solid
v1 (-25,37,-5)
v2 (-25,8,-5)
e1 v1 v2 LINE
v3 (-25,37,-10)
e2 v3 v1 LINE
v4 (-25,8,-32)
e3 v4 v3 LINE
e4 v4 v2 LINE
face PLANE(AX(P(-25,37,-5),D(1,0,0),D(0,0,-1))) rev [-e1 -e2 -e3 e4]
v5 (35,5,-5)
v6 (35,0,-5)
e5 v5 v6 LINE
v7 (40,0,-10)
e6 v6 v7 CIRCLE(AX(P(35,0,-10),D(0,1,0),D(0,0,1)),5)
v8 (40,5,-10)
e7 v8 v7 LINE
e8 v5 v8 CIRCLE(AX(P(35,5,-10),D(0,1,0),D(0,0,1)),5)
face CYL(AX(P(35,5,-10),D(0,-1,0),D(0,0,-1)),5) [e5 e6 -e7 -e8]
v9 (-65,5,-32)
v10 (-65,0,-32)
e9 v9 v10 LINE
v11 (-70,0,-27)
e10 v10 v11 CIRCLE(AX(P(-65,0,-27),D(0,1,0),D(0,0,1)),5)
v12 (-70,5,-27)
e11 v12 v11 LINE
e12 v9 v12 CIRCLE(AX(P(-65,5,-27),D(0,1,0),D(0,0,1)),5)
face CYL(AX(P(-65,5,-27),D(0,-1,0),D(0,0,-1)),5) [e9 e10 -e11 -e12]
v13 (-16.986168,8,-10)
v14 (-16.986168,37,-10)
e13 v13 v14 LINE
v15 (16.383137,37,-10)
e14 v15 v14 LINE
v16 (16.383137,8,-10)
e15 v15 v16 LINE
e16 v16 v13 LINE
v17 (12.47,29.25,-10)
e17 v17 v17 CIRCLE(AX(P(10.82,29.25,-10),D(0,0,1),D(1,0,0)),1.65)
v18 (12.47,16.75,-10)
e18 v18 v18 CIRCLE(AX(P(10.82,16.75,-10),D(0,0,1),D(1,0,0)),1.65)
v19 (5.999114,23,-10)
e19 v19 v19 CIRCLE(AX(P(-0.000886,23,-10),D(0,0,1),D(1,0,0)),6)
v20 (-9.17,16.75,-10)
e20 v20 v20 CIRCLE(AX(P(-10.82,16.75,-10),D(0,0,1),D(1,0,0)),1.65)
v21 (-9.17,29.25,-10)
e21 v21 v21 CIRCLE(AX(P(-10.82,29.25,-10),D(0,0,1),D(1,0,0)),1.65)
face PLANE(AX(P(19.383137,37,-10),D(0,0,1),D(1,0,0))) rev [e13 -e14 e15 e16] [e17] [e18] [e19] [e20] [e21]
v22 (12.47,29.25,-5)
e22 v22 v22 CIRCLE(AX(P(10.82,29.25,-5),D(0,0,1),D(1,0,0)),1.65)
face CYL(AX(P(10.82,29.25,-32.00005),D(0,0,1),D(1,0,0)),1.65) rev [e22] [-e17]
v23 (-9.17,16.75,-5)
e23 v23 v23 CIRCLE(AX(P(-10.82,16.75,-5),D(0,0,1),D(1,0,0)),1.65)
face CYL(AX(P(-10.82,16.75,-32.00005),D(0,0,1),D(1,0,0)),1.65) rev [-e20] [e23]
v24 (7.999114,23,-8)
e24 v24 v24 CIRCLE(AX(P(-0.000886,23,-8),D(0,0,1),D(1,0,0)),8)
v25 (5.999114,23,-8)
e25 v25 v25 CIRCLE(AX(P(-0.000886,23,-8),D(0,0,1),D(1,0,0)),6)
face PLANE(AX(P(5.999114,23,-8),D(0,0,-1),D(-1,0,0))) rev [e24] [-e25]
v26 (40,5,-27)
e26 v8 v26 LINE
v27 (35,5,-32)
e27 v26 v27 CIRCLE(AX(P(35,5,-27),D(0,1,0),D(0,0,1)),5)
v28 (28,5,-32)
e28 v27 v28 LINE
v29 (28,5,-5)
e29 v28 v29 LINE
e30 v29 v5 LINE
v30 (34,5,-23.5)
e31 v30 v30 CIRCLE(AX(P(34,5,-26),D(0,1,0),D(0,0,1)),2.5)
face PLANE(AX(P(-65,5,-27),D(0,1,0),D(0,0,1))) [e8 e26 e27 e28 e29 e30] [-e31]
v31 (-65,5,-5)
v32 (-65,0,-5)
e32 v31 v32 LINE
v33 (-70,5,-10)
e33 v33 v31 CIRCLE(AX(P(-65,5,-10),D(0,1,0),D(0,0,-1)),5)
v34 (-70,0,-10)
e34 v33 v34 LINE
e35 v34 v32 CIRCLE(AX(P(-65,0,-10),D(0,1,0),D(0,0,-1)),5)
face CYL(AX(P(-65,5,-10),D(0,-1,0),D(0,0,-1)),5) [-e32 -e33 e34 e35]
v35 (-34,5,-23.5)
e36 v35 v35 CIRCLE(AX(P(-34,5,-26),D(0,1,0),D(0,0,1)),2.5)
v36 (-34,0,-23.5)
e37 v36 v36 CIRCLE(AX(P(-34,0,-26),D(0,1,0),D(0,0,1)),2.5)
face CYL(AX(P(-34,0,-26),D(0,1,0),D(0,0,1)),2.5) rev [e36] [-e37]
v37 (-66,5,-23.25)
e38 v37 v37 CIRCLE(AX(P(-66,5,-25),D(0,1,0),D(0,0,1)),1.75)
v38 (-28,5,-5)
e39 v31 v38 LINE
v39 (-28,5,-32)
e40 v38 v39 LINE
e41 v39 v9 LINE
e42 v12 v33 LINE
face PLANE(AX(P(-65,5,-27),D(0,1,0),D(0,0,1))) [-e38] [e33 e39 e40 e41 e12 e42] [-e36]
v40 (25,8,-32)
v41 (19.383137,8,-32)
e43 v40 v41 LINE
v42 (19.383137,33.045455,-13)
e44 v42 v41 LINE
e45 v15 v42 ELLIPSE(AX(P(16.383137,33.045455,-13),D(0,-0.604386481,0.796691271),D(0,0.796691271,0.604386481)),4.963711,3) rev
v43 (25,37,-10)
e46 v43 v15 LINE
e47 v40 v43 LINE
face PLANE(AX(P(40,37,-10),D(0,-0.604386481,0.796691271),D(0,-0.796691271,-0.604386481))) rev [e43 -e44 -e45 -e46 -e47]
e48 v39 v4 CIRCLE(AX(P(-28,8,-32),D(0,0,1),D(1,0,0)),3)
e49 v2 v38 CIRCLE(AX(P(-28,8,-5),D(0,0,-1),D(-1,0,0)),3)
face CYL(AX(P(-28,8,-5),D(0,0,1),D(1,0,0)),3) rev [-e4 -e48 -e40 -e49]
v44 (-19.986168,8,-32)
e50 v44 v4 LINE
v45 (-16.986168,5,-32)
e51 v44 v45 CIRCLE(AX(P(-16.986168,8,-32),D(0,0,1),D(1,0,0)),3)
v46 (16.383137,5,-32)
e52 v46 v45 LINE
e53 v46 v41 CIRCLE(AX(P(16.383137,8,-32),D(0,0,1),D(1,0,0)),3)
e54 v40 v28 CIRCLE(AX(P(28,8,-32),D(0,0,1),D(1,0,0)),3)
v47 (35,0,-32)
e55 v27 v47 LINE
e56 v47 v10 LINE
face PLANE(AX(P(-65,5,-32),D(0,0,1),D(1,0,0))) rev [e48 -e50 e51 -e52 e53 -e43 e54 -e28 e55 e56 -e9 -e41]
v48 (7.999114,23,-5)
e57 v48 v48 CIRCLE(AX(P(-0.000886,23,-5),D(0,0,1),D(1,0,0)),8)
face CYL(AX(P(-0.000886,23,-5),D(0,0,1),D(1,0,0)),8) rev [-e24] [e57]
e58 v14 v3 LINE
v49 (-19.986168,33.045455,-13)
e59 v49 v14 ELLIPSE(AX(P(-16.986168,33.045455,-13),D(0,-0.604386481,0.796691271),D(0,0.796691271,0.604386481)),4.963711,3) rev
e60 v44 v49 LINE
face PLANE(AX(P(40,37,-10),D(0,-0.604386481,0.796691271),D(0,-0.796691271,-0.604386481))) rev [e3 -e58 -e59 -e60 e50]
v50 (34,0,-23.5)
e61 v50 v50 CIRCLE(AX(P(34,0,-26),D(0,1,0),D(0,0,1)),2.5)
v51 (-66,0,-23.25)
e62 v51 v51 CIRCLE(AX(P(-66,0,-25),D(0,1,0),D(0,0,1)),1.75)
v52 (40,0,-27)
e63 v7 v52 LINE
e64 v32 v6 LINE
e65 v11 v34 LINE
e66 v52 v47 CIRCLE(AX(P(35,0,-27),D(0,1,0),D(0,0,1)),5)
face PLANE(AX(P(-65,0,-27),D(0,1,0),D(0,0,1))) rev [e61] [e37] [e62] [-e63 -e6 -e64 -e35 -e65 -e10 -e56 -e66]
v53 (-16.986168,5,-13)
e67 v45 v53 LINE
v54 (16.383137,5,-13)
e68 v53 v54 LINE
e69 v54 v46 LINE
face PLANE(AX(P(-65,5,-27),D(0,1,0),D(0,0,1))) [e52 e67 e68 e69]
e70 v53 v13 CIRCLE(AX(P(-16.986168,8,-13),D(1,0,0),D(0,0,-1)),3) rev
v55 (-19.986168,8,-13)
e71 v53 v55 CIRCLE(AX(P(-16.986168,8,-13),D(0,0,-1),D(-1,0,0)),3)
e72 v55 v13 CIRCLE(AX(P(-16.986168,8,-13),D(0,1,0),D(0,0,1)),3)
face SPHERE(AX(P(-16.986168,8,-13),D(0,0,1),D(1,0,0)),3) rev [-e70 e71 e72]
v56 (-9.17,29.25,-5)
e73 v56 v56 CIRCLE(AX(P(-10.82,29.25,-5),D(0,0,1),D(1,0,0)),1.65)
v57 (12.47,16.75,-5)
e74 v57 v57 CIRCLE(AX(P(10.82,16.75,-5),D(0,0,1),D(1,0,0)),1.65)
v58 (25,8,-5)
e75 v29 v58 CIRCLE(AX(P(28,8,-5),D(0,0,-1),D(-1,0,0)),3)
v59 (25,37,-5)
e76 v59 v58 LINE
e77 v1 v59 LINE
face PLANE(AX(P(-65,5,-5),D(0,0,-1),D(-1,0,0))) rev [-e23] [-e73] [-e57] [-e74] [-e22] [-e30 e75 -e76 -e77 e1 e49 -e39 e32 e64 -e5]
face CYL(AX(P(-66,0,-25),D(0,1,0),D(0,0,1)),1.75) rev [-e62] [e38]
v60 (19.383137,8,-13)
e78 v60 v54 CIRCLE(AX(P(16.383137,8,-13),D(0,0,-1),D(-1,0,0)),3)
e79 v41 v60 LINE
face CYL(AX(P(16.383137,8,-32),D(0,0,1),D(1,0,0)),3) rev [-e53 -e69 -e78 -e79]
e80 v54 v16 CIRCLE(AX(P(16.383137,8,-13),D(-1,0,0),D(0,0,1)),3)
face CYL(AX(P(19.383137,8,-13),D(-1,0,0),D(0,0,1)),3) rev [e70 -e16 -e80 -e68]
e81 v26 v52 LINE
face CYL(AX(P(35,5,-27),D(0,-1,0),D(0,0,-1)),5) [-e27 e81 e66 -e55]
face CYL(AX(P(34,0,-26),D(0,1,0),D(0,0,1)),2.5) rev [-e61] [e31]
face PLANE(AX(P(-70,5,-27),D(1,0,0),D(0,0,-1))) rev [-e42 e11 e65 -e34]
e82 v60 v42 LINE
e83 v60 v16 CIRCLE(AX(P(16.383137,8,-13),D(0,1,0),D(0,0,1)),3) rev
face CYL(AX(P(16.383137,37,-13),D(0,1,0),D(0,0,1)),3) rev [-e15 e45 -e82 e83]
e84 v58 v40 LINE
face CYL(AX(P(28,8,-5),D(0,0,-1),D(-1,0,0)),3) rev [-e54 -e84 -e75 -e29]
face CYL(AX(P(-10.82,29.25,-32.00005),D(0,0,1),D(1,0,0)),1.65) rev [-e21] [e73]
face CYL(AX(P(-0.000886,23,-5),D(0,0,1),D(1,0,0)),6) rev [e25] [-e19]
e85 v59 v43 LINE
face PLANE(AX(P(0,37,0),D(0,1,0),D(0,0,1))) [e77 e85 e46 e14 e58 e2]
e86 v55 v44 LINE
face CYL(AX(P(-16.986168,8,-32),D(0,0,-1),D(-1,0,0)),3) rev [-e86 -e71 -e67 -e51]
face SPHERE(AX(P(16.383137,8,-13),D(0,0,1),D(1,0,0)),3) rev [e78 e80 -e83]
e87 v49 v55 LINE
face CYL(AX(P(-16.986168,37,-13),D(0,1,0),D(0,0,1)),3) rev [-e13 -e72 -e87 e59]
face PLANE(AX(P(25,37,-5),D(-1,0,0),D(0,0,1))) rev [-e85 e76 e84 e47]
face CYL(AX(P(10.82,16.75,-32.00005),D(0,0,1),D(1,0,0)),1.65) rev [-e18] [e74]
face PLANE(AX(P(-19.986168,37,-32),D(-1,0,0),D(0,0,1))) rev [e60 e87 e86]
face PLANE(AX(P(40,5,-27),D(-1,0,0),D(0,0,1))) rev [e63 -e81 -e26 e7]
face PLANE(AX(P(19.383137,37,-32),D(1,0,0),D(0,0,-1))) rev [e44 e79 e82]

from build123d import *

# Parameters (mm, degrees)
EXTRUDE_1_DEPTH              = 5
SKETCH_3_R                   = 2.5
SKETCH_3_R_2                 = 1.75
CUT_EXTRUDE_2_DEPTH          = 78.129760793
EXTRUDE_2_DEPTH              = 32
SKETCH_11_R                  = 1.65
CUT_EXTRUDE_3_DEPTH          = 84.654049513
HOLE_WIZARD_M5_1_D           = 12
HOLE_WIZARD_M5_1_CBORE_D     = 16
HOLE_WIZARD_M5_1_CBORE_DEPTH = 3
FILLET_2_R                   = 3
CUT_EXTRUDE_4_DEPTH          = 82.351090958


with BuildPart() as part:
    # 草图2 → 凸台-拉伸1 (new body)
    with BuildSketch(Plane(origin=(0, 0, 0), x_dir=(1, 0, 0), z_dir=(0, 1, 0))):
        with BuildLine():
            Line((-70, 27), (-70, 10))
            ThreePointArc((-70, 10), (-68.535533906, 6.464466094), (-65, 5))
            Line((-65, 5), (35, 5))
            ThreePointArc((35, 5), (38.535533906, 6.464466094), (40, 10))
            Line((40, 10), (40, 27))
            ThreePointArc((40, 27), (38.535533906, 30.535533906), (35, 32))
            Line((35, 32), (-65, 32))
            ThreePointArc((-65, 32), (-68.535533906, 30.535533906), (-70, 27))
        make_face()
    extrude(amount=EXTRUDE_1_DEPTH)

    # 草图3 → 切除-拉伸2 (cut, through all)
    with BuildSketch(Plane(origin=(0, 5, 0), x_dir=(1, 0, 0), z_dir=(0, 1, 0))):
        with Locations(Location((-34, 26, 0), (0, 0, 270))):
            Circle(SKETCH_3_R)
        with Locations(Location((34, 26, 0), (0, 0, 270))):
            Circle(SKETCH_3_R)
        with Locations(Location((-66, 25, 0), (0, 0, 270))):
            Circle(SKETCH_3_R_2)
    extrude(amount=-CUT_EXTRUDE_2_DEPTH, mode=Mode.SUBTRACT)

    # 草图6 → 凸台-拉伸2 (add)
    with BuildSketch(Plane(origin=(0, 5, 0), x_dir=(1, 0, 0), z_dir=(0, 1, 0))):
        Polygon((-25, 5), (-25, 32), (-19.986167978, 32), (-19.986167978, 10), (19.383137048, 10), (19.383137048, 32), (25, 32), (25, 5), align=None)
    extrude(amount=EXTRUDE_2_DEPTH)

    # 草图11 → 切除-拉伸3 (cut, through all)
    with BuildSketch(Plane.XY.offset(-5)):
        with Locations((-10.82, 29.25)):
            Circle(SKETCH_11_R)
        with Locations((10.82, 29.25)):
            Circle(SKETCH_11_R)
        with Locations((-10.82, 16.75)):
            Circle(SKETCH_11_R)
        with Locations((10.82, 16.75)):
            Circle(SKETCH_11_R)
    extrude(amount=-CUT_EXTRUDE_3_DEPTH, mode=Mode.SUBTRACT)

    # M5 六角头螺钉的柱形沉头孔1 (through all)
    with Locations(Plane(origin=(-0.000886088, 23, -5), x_dir=(1, 0, 0), z_dir=(0, 0, 1))):
        with Locations((0, 0)):
            CounterBoreHole(HOLE_WIZARD_M5_1_D / 2, HOLE_WIZARD_M5_1_CBORE_D / 2, HOLE_WIZARD_M5_1_CBORE_DEPTH)

    # 圆角2
    fillet_2_edges = [part.edges().sort_by_distance(p)[0] for p in [
        (-25, 5, -18.5),
        (19.383137048, 21, -10),
        (-19.986167978, 21, -10),
        (-19.986167978, 5, -21),
        (19.383137048, 5, -21),
        (25, 5, -18.5),
        (-0.301515465, 5, -10),
    ]]
    fillet(fillet_2_edges, radius=FILLET_2_R)

    # 草图18 → 切除-拉伸4 (cut, through all)
    with BuildSketch(Plane.ZY.offset(25)):
        Polygon((-10, 37), (-32, 8), (-32, 37), align=None)
    extrude(amount=-CUT_EXTRUDE_4_DEPTH, mode=Mode.SUBTRACT)


solid = part.part
